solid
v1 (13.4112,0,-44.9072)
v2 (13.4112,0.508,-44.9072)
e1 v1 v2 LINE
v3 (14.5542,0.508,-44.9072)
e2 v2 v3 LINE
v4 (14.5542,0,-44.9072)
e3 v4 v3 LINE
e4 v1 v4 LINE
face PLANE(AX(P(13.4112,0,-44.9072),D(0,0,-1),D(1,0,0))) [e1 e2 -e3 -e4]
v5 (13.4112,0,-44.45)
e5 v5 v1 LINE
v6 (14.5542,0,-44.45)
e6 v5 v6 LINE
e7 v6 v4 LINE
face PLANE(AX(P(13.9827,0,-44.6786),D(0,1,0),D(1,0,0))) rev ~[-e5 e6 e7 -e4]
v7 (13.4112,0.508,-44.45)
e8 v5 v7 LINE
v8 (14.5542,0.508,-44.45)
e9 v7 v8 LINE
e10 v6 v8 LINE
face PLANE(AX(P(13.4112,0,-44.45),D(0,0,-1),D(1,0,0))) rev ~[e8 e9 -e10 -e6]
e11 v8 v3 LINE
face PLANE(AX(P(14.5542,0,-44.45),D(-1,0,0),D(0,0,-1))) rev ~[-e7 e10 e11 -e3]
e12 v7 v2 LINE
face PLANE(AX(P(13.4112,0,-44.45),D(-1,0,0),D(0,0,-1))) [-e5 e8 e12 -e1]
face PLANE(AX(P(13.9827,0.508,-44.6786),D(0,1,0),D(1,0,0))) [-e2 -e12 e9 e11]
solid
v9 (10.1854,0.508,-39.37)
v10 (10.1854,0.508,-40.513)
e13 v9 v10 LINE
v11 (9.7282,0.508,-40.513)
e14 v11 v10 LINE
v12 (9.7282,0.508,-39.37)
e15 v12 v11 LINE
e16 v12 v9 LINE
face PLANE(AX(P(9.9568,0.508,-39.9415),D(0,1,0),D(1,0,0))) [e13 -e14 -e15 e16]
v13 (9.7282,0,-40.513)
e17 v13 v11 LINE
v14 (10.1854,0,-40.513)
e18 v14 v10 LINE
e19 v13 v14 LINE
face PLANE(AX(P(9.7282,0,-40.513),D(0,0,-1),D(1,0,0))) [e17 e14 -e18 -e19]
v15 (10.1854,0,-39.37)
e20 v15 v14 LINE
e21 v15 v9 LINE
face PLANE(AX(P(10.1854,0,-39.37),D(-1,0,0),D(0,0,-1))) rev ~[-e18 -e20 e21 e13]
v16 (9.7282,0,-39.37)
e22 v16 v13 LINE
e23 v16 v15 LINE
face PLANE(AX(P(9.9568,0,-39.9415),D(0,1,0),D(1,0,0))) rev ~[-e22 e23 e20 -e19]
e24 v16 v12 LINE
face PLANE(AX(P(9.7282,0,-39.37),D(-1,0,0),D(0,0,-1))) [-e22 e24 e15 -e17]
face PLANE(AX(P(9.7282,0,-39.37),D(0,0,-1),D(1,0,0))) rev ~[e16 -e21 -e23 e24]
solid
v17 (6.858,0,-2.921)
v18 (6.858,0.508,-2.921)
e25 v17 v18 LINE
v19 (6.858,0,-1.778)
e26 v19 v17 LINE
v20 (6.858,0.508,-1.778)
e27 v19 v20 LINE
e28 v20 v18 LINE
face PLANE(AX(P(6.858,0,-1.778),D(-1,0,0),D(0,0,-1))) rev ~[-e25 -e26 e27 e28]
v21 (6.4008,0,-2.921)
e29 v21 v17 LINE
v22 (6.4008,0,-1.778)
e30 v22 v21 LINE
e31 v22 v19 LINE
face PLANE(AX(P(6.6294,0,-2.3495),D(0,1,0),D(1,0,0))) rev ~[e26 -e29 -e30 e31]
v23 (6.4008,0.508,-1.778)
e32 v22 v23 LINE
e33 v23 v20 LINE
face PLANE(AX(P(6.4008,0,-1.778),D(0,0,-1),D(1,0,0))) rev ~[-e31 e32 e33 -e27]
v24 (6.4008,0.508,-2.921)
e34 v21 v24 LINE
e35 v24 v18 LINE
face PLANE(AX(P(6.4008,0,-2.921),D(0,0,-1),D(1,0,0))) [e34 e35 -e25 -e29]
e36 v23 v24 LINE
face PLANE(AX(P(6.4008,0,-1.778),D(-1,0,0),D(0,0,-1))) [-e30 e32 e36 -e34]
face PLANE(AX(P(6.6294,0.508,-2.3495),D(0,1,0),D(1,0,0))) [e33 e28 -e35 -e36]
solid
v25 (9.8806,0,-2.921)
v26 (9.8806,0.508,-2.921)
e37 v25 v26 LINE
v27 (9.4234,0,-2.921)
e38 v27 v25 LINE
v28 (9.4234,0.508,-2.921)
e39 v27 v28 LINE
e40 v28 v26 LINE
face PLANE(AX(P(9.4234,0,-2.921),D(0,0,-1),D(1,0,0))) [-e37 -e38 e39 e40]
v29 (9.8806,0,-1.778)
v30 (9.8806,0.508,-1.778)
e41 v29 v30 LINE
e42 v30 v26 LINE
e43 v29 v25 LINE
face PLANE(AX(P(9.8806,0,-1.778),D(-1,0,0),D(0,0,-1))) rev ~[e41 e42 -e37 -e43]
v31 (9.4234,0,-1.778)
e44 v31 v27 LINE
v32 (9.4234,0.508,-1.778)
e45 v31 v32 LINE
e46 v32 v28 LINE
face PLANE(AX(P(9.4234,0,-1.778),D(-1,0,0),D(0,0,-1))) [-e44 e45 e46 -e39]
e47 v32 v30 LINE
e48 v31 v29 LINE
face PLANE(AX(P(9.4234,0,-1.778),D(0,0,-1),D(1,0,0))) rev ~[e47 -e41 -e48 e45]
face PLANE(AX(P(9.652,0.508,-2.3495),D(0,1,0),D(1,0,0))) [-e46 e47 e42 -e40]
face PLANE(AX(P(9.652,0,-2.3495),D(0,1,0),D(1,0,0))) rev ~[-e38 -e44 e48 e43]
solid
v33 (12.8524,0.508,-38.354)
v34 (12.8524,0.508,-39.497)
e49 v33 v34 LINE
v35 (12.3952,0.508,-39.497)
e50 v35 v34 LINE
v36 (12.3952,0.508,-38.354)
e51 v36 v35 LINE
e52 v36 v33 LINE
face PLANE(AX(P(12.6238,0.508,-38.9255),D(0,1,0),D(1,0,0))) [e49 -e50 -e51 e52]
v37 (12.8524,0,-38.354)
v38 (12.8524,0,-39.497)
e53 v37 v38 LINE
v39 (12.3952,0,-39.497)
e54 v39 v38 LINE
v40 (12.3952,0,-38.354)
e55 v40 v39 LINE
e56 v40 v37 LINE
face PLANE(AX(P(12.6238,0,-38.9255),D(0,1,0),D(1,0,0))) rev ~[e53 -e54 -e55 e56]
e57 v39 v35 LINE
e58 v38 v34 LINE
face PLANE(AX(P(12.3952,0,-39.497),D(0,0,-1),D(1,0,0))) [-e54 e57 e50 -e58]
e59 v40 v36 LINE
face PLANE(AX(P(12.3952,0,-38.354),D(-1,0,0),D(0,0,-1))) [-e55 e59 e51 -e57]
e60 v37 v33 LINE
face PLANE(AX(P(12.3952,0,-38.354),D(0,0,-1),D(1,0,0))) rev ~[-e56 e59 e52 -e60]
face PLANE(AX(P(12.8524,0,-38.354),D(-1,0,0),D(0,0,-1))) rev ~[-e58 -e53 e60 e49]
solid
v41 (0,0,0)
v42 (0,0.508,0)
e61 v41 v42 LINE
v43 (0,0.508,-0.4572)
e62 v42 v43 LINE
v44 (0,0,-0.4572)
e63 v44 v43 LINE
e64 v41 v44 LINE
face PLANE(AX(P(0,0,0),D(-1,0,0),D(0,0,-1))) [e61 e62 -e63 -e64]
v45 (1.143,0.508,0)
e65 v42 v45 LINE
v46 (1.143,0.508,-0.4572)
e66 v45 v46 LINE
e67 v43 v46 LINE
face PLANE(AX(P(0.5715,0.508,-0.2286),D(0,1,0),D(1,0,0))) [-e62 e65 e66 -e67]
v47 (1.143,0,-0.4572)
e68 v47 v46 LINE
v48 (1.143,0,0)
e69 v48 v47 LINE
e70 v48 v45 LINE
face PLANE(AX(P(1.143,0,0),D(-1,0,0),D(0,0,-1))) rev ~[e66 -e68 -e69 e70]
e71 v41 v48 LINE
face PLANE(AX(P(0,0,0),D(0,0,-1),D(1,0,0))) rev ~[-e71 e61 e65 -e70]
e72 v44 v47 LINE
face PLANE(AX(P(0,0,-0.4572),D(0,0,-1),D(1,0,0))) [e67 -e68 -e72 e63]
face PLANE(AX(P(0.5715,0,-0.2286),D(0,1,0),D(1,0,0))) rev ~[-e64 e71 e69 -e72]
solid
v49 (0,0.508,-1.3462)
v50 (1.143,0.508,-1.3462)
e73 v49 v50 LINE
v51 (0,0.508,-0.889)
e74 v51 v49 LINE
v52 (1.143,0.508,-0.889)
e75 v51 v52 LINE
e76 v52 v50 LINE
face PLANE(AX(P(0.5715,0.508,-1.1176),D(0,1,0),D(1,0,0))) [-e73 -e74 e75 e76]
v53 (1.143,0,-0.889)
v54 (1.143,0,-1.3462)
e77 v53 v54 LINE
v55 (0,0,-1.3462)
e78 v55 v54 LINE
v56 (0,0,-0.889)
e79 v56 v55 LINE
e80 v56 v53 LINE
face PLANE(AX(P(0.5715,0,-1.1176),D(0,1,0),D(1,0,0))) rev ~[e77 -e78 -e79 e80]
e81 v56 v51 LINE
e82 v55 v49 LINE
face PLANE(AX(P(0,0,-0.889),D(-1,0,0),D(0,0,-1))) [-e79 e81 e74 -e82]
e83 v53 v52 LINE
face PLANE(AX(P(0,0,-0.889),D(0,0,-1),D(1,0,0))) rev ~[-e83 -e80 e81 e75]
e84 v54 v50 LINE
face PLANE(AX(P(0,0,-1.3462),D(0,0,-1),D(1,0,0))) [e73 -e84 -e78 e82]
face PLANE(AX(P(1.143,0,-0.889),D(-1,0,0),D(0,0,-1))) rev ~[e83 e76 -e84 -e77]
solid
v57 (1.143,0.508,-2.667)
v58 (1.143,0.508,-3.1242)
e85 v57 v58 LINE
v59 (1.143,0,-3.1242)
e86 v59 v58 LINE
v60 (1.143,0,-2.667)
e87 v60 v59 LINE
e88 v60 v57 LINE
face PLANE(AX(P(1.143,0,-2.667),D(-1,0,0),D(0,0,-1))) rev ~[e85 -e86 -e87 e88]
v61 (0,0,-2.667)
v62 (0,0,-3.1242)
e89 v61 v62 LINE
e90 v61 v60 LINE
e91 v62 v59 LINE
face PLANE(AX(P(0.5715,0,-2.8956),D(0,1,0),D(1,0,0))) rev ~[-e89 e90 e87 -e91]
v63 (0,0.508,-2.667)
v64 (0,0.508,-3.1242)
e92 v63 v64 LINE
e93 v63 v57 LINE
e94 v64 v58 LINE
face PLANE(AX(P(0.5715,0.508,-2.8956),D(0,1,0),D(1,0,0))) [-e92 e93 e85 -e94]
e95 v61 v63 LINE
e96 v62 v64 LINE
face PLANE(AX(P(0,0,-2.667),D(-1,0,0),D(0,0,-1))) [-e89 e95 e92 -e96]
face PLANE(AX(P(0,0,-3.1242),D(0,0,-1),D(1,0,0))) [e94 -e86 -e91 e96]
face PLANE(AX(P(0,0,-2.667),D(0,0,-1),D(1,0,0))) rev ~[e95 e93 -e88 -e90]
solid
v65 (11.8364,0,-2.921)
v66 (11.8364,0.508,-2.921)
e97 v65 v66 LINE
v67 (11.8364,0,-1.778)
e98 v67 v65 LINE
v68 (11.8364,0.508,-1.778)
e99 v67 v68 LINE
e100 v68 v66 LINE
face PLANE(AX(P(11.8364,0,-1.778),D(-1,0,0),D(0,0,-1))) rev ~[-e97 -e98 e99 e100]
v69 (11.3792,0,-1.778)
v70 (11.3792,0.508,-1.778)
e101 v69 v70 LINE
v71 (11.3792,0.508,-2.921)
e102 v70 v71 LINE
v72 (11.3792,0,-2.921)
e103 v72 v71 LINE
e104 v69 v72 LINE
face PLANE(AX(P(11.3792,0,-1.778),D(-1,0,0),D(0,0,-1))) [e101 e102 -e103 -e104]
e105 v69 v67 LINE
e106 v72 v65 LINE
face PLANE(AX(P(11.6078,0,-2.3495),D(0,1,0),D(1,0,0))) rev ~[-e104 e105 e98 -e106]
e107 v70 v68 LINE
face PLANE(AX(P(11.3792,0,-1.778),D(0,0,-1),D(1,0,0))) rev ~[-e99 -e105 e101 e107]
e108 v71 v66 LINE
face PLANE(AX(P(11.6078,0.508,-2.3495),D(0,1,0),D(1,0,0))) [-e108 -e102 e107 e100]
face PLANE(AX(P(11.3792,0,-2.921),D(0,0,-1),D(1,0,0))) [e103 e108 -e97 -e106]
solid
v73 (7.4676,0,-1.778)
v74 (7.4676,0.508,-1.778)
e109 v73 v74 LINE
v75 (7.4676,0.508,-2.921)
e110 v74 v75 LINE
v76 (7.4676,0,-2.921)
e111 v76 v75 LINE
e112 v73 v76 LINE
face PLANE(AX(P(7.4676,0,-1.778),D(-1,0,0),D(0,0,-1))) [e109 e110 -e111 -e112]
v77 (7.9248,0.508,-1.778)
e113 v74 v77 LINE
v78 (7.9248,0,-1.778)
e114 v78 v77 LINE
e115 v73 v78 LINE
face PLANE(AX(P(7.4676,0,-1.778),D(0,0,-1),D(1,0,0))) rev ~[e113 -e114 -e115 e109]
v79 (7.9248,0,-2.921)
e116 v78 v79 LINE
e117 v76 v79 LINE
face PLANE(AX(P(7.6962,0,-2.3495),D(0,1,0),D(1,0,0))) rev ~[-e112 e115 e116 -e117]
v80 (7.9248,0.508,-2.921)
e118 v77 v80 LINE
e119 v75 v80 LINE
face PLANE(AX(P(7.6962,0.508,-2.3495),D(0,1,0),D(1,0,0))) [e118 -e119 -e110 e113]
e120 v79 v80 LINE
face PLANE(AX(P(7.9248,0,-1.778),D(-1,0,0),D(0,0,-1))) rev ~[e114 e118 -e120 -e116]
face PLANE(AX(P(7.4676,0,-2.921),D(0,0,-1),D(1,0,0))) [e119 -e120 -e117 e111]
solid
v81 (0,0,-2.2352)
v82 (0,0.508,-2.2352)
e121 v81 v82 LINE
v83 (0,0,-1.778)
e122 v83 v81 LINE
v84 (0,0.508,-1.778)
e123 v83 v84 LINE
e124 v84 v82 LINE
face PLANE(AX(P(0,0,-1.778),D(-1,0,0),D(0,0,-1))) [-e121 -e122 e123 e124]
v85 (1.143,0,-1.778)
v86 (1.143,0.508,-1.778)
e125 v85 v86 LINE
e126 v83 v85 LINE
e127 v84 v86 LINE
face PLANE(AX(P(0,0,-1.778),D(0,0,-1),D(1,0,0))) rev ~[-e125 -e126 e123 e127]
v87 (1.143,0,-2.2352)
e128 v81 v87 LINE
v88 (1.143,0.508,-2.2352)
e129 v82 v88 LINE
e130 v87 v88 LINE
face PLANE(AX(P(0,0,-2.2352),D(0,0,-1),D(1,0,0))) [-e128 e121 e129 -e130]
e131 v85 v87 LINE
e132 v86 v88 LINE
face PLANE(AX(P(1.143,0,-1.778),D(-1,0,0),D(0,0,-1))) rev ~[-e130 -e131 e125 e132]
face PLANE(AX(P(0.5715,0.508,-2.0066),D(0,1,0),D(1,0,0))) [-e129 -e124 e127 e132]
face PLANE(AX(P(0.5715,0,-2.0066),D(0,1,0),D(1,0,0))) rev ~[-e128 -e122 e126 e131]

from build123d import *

# Parameters (mm, degrees)
SKETCH1_W              = 1.143
SKETCH1_H              = 0.4572
BOSS_EXTRUDE1_DEPTH    = 0.508
BOSS_EXTRUDE1_2_DEPTH  = 0.508
BOSS_EXTRUDE1_3_DEPTH  = 0.508
BOSS_EXTRUDE1_4_DEPTH  = 0.508
SKETCH1_W_2            = 0.4572
SKETCH1_H_2            = 1.143
BOSS_EXTRUDE1_5_DEPTH  = 0.508
BOSS_EXTRUDE1_6_DEPTH  = 0.508
BOSS_EXTRUDE1_7_DEPTH  = 0.508
BOSS_EXTRUDE1_8_DEPTH  = 0.508
BOSS_EXTRUDE1_9_DEPTH  = 0.508
BOSS_EXTRUDE1_10_DEPTH = 0.508
BOSS_EXTRUDE1_11_DEPTH = 0.508


with BuildPart() as part:
    # Sketch1 → Boss-Extrude1 (new body)
    with BuildSketch(Plane(origin=(0, 0, 0), x_dir=(1, 0, 0), z_dir=(0, 1, 0))):
        with Locations((0.5715, 0.2286)):
            Rectangle(SKETCH1_W, SKETCH1_H)
    extrude(amount=BOSS_EXTRUDE1_DEPTH)


with BuildPart() as body_2:
    # Sketch1 → Boss-Extrude1 2 (new body)
    with BuildSketch(Plane(origin=(0, 0, 0), x_dir=(1, 0, 0), z_dir=(0, 1, 0))):
        with Locations((0.5715, 1.1176)):
            Rectangle(SKETCH1_W, SKETCH1_H)
    extrude(amount=BOSS_EXTRUDE1_2_DEPTH)


with BuildPart() as body_3:
    # Sketch1 → Boss-Extrude1 3 (new body)
    with BuildSketch(Plane(origin=(0, 0, 0), x_dir=(1, 0, 0), z_dir=(0, 1, 0))):
        with Locations((0.5715, 2.0066)):
            Rectangle(SKETCH1_W, SKETCH1_H)
    extrude(amount=BOSS_EXTRUDE1_3_DEPTH)


with BuildPart() as body_4:
    # Sketch1 → Boss-Extrude1 4 (new body)
    with BuildSketch(Plane(origin=(0, 0, 0), x_dir=(1, 0, 0), z_dir=(0, 1, 0))):
        with Locations((0.5715, 2.8956)):
            Rectangle(SKETCH1_W, SKETCH1_H)
    extrude(amount=BOSS_EXTRUDE1_4_DEPTH)


with BuildPart() as body_5:
    # Sketch1 → Boss-Extrude1 5 (new body)
    with BuildSketch(Plane(origin=(0, 0, 0), x_dir=(1, 0, 0), z_dir=(0, 1, 0))):
        with Locations((6.6294, 2.3495)):
            Rectangle(SKETCH1_W_2, SKETCH1_H_2)
    extrude(amount=BOSS_EXTRUDE1_5_DEPTH)


with BuildPart() as body_6:
    # Sketch1 → Boss-Extrude1 6 (new body)
    with BuildSketch(Plane(origin=(0, 0, 0), x_dir=(1, 0, 0), z_dir=(0, 1, 0))):
        with Locations((7.6962, 2.3495)):
            Rectangle(SKETCH1_W_2, SKETCH1_H_2)
    extrude(amount=BOSS_EXTRUDE1_6_DEPTH)


with BuildPart() as body_7:
    # Sketch1 → Boss-Extrude1 7 (new body)
    with BuildSketch(Plane(origin=(0, 0, 0), x_dir=(1, 0, 0), z_dir=(0, 1, 0))):
        with Locations((9.652, 2.3495)):
            Rectangle(SKETCH1_W_2, SKETCH1_H_2)
    extrude(amount=BOSS_EXTRUDE1_7_DEPTH)


with BuildPart() as body_8:
    # Sketch1 → Boss-Extrude1 8 (new body)
    with BuildSketch(Plane(origin=(0, 0, 0), x_dir=(1, 0, 0), z_dir=(0, 1, 0))):
        with Locations((11.6078, 2.3495)):
            Rectangle(SKETCH1_W_2, SKETCH1_H_2)
    extrude(amount=BOSS_EXTRUDE1_8_DEPTH)


with BuildPart() as body_9:
    # Sketch1 → Boss-Extrude1 9 (new body)
    with BuildSketch(Plane(origin=(0, 0, 0), x_dir=(1, 0, 0), z_dir=(0, 1, 0))):
        with Locations((9.9568, 39.9415)):
            Rectangle(SKETCH1_W_2, SKETCH1_H_2)
    extrude(amount=BOSS_EXTRUDE1_9_DEPTH)


with BuildPart() as body_10:
    # Sketch1 → Boss-Extrude1 10 (new body)
    with BuildSketch(Plane(origin=(0, 0, 0), x_dir=(1, 0, 0), z_dir=(0, 1, 0))):
        with Locations((12.6238, 38.9255)):
            Rectangle(SKETCH1_W_2, SKETCH1_H_2)
    extrude(amount=BOSS_EXTRUDE1_10_DEPTH)


with BuildPart() as body_11:
    # Sketch1 → Boss-Extrude1 11 (new body)
    with BuildSketch(Plane(origin=(0, 0, 0), x_dir=(1, 0, 0), z_dir=(0, 1, 0))):
        with Locations((13.9827, 44.6786)):
            Rectangle(SKETCH1_W, SKETCH1_H)
    extrude(amount=BOSS_EXTRUDE1_11_DEPTH)


solid = Compound([part.part, body_2.part, body_3.part, body_4.part, body_5.part, body_6.part, body_7.part, body_8.part, body_9.part, body_10.part, body_11.part])
